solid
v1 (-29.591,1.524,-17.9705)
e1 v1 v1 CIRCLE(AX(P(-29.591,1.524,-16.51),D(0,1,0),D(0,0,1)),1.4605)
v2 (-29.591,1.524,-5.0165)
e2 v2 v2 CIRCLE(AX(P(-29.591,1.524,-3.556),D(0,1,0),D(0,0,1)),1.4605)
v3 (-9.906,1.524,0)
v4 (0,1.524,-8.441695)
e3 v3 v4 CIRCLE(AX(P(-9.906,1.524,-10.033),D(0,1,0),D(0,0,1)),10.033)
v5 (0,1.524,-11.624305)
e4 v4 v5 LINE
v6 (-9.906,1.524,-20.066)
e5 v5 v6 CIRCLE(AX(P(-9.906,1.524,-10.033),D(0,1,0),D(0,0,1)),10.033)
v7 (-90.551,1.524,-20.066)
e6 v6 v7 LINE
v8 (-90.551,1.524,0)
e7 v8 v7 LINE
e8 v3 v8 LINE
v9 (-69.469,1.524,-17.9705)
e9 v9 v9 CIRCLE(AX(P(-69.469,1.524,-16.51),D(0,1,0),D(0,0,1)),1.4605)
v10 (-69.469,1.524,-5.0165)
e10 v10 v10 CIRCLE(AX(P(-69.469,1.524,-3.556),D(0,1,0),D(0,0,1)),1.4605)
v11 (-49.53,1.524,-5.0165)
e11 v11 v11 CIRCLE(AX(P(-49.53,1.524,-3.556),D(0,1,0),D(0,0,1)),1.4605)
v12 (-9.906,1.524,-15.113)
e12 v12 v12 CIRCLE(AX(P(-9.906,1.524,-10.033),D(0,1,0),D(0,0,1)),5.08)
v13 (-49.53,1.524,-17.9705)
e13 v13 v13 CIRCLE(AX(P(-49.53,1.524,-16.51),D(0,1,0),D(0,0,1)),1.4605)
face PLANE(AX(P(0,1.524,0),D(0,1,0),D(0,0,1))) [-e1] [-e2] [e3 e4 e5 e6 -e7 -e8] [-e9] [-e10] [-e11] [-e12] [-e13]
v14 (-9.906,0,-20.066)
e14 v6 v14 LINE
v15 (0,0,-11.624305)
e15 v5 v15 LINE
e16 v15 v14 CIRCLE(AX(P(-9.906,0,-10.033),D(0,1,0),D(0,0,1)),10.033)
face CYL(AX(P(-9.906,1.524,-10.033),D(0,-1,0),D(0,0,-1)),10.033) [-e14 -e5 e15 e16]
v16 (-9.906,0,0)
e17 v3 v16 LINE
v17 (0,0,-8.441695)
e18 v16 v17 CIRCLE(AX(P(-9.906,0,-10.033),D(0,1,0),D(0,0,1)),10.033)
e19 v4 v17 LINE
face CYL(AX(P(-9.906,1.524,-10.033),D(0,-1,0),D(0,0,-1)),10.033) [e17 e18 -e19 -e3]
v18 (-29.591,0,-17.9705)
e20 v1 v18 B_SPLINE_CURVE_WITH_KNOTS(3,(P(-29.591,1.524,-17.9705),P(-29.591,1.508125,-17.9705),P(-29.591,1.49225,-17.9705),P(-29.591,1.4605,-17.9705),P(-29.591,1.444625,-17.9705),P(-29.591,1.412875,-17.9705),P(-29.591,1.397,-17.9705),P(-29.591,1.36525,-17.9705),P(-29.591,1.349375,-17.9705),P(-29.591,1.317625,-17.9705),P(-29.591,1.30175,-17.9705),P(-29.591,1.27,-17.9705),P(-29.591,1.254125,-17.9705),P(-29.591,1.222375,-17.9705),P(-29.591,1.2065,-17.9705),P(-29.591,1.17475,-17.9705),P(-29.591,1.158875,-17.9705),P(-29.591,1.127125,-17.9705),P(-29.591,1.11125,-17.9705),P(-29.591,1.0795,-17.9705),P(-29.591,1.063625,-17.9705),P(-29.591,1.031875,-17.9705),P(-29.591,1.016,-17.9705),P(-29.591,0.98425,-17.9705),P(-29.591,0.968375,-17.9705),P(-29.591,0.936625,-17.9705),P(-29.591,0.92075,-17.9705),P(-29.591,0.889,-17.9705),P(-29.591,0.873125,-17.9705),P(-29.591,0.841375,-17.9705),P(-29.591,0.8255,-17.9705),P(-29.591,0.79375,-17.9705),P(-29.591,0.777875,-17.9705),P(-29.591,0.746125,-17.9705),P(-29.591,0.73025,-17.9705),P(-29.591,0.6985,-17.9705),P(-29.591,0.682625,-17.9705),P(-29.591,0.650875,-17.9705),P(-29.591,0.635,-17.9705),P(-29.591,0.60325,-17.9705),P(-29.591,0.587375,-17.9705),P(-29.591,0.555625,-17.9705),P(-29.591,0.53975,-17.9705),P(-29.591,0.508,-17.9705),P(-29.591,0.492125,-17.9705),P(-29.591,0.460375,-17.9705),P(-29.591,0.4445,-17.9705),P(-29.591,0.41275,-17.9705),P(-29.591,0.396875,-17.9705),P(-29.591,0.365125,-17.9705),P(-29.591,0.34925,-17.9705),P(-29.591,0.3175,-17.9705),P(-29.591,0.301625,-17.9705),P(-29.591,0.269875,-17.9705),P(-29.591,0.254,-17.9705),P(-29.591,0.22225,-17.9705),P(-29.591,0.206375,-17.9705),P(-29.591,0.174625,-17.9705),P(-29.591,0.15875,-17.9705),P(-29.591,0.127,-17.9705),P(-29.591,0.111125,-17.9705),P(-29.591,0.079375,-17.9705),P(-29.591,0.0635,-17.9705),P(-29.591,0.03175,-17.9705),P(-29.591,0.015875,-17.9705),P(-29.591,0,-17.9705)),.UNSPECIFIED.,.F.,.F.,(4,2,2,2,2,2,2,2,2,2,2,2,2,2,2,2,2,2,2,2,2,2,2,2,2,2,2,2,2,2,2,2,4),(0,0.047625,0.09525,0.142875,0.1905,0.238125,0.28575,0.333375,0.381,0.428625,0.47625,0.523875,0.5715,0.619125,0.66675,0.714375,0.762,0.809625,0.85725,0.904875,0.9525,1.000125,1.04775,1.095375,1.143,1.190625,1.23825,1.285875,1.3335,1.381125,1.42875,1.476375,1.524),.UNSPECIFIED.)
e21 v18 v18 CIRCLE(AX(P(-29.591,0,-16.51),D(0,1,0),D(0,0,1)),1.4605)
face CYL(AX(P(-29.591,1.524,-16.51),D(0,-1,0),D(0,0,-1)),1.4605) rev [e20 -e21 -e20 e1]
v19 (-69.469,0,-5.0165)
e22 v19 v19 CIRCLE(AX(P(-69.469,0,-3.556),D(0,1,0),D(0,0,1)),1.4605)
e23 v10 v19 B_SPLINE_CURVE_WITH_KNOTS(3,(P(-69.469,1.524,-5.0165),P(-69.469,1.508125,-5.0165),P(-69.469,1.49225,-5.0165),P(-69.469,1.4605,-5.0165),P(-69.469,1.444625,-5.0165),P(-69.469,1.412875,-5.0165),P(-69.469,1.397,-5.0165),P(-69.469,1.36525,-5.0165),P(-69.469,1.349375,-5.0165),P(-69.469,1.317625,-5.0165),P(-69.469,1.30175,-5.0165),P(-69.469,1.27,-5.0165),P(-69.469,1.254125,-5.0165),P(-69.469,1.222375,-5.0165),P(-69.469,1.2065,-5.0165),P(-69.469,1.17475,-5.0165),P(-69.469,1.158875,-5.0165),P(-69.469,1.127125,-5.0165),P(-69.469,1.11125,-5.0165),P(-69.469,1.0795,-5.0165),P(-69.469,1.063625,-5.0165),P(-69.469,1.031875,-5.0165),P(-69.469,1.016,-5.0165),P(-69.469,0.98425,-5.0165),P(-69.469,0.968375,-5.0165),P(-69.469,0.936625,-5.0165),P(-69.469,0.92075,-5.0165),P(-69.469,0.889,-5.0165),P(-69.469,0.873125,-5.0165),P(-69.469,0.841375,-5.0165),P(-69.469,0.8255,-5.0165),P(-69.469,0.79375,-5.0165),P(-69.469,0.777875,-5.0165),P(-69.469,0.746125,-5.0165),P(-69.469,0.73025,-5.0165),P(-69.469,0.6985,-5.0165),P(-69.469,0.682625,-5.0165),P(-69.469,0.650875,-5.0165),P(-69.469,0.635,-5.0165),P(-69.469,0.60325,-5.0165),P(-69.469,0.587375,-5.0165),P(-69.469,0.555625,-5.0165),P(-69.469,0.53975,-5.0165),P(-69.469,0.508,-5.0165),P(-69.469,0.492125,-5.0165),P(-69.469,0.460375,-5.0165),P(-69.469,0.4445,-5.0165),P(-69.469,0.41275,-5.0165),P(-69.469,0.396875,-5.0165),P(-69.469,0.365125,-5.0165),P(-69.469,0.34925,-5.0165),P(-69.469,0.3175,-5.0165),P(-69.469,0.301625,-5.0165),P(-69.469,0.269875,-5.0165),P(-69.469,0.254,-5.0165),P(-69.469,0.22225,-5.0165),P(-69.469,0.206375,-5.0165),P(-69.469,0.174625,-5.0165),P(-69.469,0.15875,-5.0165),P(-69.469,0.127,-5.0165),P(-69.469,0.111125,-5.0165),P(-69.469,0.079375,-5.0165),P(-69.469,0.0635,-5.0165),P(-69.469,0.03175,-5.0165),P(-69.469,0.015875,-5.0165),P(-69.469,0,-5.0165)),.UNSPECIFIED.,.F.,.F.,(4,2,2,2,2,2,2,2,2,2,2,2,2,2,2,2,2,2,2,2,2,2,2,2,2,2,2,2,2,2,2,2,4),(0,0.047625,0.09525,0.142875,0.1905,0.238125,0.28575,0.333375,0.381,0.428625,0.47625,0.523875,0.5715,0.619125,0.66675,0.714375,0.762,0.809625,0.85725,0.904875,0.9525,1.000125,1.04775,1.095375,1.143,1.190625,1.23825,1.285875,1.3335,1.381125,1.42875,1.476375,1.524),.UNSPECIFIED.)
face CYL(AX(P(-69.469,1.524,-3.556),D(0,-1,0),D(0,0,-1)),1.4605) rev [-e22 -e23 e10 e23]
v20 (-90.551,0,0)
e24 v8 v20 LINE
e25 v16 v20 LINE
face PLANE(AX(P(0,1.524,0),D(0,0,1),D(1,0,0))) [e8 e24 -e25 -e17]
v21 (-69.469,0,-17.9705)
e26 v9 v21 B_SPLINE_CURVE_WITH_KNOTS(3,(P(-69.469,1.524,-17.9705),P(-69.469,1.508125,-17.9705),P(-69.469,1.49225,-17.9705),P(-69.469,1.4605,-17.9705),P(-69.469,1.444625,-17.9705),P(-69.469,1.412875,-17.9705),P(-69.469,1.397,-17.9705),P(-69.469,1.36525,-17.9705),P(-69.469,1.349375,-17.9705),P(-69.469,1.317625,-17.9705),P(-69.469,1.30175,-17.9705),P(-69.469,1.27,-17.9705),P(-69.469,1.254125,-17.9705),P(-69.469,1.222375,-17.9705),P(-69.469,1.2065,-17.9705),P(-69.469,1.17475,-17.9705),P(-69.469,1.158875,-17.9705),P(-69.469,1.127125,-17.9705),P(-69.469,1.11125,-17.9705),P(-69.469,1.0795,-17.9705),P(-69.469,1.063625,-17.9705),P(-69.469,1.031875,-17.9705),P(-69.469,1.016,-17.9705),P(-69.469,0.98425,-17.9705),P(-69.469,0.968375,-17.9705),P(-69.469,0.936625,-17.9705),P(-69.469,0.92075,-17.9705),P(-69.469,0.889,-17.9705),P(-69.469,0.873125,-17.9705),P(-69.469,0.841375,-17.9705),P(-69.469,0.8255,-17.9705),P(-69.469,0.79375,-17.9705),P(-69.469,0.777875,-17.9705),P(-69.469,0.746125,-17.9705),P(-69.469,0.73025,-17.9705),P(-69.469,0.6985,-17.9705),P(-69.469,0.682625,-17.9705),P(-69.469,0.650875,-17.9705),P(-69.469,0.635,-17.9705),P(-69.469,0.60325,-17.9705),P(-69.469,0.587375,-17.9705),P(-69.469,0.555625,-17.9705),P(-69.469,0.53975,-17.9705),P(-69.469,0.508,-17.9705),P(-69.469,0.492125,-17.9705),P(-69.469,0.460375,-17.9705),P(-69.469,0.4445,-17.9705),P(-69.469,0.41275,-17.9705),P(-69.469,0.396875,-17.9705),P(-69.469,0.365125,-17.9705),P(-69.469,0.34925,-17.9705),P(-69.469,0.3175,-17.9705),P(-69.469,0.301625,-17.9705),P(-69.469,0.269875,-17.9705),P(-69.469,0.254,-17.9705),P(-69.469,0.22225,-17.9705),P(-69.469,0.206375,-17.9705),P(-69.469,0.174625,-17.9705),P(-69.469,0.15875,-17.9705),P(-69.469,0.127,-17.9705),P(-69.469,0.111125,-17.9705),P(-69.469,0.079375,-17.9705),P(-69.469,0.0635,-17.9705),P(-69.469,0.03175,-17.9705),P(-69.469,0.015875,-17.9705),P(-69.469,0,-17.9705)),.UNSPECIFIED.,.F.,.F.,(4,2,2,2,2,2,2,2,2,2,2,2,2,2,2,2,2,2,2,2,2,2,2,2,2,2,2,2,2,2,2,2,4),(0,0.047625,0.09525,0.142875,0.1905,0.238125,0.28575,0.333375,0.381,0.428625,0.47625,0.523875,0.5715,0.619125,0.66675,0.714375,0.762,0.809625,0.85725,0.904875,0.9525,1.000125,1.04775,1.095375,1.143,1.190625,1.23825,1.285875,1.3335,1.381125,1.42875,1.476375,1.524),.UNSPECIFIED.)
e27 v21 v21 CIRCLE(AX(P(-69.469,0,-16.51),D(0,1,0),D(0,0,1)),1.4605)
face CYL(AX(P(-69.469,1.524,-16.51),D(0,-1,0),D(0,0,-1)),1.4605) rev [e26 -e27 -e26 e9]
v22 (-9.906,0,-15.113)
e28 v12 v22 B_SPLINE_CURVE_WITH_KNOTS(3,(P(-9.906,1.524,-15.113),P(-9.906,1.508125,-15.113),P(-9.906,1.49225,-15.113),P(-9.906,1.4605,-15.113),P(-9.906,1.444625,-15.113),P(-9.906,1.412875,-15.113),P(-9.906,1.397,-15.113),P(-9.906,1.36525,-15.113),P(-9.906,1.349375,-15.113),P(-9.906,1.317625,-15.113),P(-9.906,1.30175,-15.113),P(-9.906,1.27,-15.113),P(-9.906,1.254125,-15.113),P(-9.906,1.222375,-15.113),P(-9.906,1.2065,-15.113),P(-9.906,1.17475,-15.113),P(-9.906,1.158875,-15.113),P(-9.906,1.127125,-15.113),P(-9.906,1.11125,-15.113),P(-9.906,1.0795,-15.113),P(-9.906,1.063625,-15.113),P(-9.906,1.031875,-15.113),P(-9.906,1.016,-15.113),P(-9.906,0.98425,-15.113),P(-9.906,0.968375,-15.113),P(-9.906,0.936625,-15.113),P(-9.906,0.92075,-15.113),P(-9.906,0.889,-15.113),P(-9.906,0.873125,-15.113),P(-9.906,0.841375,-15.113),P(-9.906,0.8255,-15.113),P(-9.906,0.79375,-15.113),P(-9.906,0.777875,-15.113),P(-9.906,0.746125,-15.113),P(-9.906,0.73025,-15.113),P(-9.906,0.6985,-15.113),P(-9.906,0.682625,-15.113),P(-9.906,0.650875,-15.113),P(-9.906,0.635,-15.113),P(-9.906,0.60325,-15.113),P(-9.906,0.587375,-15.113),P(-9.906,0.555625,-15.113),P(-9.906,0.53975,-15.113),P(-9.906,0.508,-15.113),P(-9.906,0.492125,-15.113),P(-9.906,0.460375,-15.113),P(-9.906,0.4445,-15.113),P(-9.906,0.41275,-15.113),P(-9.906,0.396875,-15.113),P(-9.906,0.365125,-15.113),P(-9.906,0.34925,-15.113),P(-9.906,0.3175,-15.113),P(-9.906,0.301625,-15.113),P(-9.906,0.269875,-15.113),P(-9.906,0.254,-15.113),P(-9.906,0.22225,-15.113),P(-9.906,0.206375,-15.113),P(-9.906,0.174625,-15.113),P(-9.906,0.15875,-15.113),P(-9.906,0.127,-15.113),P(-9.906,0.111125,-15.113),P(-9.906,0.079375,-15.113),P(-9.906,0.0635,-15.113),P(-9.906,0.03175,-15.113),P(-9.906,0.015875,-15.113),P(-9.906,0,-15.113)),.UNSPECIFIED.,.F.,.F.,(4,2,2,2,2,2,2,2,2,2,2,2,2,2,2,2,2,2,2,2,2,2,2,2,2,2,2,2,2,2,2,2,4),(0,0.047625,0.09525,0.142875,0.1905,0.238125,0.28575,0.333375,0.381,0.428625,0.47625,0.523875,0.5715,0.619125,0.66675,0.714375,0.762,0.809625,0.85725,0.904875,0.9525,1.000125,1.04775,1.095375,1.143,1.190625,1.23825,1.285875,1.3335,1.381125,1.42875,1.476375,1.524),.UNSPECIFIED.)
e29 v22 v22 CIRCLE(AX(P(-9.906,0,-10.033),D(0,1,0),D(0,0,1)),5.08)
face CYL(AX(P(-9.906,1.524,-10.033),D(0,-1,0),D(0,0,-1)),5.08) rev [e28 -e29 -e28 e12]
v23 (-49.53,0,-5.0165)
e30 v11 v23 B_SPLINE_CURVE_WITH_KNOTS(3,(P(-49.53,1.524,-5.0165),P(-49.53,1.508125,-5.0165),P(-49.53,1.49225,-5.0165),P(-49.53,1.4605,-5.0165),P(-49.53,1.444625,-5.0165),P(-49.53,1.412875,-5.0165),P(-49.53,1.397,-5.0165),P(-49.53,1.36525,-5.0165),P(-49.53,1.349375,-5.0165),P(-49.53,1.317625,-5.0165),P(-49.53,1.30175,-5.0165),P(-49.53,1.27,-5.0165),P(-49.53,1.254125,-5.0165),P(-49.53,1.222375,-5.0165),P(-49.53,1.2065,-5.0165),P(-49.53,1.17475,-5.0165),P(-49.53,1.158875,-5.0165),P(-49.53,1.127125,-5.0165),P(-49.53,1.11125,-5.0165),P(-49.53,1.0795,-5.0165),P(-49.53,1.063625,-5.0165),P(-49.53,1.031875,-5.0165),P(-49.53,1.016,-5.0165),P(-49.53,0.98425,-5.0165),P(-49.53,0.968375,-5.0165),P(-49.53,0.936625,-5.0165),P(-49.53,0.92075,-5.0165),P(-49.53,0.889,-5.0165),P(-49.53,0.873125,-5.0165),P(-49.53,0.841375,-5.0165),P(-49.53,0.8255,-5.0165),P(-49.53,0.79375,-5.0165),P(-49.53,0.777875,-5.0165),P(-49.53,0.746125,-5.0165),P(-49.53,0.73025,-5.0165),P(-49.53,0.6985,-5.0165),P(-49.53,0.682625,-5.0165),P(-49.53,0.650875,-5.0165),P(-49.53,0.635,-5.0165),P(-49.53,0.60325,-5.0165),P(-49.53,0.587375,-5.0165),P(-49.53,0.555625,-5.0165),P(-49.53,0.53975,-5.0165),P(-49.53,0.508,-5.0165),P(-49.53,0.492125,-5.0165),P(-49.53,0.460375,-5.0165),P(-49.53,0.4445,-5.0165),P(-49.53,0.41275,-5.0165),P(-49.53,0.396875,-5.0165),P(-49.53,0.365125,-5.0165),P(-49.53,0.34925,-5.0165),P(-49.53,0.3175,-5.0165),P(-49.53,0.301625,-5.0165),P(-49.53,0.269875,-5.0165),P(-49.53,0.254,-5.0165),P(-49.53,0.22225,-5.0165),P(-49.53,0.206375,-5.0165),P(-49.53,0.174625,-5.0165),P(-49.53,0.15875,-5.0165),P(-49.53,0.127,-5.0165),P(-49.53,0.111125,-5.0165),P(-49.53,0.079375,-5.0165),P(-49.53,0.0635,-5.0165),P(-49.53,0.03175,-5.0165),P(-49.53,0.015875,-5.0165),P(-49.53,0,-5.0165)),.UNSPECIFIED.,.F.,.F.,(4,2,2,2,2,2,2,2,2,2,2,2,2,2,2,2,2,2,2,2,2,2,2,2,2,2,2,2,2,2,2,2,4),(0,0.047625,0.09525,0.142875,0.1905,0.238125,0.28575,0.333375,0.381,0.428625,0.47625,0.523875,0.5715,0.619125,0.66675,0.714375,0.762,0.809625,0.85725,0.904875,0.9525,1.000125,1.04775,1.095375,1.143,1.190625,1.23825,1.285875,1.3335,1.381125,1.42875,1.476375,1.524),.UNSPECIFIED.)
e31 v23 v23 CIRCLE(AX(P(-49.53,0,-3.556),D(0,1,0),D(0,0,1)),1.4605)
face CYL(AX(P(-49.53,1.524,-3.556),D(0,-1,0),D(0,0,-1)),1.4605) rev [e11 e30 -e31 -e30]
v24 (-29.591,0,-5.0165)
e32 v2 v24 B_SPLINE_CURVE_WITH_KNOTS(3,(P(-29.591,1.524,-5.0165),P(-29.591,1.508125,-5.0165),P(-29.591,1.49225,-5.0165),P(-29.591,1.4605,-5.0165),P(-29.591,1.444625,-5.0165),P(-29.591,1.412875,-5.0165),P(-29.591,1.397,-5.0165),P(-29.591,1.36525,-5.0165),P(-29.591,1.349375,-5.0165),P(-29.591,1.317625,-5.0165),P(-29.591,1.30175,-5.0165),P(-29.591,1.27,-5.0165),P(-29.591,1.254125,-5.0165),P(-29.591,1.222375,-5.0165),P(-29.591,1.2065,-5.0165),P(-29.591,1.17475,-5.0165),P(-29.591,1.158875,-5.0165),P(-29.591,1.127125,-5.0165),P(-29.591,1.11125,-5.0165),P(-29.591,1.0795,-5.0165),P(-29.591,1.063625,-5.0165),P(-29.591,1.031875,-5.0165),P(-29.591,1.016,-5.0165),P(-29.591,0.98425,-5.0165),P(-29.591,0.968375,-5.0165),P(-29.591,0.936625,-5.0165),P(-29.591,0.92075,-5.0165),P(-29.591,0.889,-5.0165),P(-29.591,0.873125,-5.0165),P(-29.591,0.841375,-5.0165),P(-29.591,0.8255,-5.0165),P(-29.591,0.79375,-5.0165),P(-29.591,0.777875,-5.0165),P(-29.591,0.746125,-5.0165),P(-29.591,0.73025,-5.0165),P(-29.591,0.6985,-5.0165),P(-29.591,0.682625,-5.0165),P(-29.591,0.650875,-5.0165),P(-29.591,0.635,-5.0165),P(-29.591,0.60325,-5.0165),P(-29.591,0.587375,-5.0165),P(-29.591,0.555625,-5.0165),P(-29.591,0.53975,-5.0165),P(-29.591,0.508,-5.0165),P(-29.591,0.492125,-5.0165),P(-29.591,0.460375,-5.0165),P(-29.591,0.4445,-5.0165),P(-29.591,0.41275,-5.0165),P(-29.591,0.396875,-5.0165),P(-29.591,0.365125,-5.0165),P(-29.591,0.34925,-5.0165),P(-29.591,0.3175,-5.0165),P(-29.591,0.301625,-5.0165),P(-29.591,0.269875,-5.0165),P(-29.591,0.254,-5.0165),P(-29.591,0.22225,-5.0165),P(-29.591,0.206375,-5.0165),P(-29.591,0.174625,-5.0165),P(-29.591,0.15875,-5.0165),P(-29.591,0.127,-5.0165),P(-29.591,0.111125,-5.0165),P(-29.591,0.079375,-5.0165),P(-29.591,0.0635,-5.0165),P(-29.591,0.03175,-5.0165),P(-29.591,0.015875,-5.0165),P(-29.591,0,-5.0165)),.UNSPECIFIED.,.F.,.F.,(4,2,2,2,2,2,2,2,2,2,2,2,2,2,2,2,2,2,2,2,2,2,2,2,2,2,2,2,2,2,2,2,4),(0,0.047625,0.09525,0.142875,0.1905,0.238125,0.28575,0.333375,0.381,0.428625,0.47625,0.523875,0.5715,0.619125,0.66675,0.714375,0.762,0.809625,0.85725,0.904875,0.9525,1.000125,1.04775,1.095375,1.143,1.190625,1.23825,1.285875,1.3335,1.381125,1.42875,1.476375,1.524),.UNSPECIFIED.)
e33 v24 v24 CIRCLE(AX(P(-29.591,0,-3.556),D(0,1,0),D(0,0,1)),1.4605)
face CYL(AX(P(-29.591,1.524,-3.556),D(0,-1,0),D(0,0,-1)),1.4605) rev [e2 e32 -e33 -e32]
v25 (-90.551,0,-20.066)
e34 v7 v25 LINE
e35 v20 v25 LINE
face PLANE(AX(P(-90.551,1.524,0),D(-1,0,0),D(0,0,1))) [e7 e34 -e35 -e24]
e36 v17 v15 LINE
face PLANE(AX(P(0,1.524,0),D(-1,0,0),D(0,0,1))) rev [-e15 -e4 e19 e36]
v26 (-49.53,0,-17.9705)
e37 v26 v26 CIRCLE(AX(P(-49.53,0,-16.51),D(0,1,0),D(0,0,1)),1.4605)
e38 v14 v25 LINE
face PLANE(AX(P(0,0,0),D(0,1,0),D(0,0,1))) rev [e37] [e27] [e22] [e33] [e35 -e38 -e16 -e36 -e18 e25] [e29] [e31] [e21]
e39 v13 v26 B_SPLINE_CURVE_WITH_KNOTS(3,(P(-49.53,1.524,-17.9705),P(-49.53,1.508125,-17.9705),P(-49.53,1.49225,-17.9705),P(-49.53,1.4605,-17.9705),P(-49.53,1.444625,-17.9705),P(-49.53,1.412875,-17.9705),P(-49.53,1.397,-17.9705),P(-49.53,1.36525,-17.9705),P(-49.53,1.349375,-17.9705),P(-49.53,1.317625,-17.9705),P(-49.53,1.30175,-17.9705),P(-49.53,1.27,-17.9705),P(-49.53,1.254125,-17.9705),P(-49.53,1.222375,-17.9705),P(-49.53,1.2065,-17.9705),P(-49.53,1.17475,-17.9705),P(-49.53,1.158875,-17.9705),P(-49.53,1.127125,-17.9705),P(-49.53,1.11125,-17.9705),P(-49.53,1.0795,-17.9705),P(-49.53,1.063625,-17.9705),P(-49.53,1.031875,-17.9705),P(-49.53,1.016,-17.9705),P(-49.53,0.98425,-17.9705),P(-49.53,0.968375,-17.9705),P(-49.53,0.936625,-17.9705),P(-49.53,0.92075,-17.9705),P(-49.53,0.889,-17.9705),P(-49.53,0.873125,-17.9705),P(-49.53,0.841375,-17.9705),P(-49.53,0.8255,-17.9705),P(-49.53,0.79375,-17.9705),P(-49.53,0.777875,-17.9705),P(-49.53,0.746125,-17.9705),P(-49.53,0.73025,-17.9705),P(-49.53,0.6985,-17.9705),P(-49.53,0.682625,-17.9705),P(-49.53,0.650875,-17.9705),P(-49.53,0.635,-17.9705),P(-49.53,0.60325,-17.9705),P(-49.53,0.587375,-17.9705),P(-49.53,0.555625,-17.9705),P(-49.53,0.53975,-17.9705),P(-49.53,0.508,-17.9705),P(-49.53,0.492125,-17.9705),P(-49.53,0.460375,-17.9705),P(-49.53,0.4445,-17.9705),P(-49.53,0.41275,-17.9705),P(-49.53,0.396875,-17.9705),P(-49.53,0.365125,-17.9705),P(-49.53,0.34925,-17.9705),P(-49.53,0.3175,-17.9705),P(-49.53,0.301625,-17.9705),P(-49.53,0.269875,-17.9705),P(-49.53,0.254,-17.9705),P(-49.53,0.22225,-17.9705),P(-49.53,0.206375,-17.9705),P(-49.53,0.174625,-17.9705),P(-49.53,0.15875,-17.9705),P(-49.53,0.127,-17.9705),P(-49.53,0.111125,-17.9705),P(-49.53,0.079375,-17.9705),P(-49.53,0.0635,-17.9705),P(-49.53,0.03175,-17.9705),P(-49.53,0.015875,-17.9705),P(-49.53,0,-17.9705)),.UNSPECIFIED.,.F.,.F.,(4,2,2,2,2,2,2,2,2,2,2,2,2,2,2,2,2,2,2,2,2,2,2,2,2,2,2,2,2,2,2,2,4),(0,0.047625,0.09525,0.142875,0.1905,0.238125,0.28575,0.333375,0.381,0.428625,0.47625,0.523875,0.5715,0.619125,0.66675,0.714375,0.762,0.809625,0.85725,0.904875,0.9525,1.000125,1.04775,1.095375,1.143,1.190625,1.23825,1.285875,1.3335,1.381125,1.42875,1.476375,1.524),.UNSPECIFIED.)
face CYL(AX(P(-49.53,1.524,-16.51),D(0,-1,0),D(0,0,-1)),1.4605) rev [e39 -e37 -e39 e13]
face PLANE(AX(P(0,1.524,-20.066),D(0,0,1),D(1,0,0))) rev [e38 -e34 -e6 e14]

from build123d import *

# Parameters (mm, degrees)
SKETCH1_R           = 1.4605
SKETCH1_R_2         = 5.08
BOSS_EXTRUDE1_DEPTH = 1.524


with BuildPart() as part:
    # Sketch1 → Boss-Extrude1 (new body)
    with BuildSketch(Plane(origin=(0, 0, 0), x_dir=(1, 0, 0), z_dir=(0, 1, 0))):
        with BuildLine():
            Line((-90.551, 0), (-9.906, 0))
            ThreePointArc((-9.906, 0), (-3.398484286, 2.396683595), (0, 8.441694561))
            Line((0, 8.441694561), (0, 11.624305439))
            ThreePointArc((0, 11.624305439), (-3.398484286, 17.669316405), (-9.906, 20.066))
            Line((-9.906, 20.066), (-90.551, 20.066))
            Line((-90.551, 20.066), (-90.551, 0))
        make_face()
        with Locations(Location((-69.469, 3.556, 0), (0, 0, 90))):
            Circle(SKETCH1_R, mode=Mode.SUBTRACT)
        with Locations(Location((-49.53, 3.556, 0), (0, 0, 90))):
            Circle(SKETCH1_R, mode=Mode.SUBTRACT)
        with Locations(Location((-29.591, 3.556, 0), (0, 0, 90))):
            Circle(SKETCH1_R, mode=Mode.SUBTRACT)
        with Locations(Location((-69.469, 16.51, 0), (0, 0, 90))):
            Circle(SKETCH1_R, mode=Mode.SUBTRACT)
        with Locations(Location((-49.53, 16.51, 0), (0, 0, 90))):
            Circle(SKETCH1_R, mode=Mode.SUBTRACT)
        with Locations(Location((-9.906, 10.033, 0), (0, 0, 90))):
            Circle(SKETCH1_R_2, mode=Mode.SUBTRACT)
        with Locations(Location((-29.591, 16.51, 0), (0, 0, 90))):
            Circle(SKETCH1_R, mode=Mode.SUBTRACT)
    extrude(amount=BOSS_EXTRUDE1_DEPTH)


solid = part.part
